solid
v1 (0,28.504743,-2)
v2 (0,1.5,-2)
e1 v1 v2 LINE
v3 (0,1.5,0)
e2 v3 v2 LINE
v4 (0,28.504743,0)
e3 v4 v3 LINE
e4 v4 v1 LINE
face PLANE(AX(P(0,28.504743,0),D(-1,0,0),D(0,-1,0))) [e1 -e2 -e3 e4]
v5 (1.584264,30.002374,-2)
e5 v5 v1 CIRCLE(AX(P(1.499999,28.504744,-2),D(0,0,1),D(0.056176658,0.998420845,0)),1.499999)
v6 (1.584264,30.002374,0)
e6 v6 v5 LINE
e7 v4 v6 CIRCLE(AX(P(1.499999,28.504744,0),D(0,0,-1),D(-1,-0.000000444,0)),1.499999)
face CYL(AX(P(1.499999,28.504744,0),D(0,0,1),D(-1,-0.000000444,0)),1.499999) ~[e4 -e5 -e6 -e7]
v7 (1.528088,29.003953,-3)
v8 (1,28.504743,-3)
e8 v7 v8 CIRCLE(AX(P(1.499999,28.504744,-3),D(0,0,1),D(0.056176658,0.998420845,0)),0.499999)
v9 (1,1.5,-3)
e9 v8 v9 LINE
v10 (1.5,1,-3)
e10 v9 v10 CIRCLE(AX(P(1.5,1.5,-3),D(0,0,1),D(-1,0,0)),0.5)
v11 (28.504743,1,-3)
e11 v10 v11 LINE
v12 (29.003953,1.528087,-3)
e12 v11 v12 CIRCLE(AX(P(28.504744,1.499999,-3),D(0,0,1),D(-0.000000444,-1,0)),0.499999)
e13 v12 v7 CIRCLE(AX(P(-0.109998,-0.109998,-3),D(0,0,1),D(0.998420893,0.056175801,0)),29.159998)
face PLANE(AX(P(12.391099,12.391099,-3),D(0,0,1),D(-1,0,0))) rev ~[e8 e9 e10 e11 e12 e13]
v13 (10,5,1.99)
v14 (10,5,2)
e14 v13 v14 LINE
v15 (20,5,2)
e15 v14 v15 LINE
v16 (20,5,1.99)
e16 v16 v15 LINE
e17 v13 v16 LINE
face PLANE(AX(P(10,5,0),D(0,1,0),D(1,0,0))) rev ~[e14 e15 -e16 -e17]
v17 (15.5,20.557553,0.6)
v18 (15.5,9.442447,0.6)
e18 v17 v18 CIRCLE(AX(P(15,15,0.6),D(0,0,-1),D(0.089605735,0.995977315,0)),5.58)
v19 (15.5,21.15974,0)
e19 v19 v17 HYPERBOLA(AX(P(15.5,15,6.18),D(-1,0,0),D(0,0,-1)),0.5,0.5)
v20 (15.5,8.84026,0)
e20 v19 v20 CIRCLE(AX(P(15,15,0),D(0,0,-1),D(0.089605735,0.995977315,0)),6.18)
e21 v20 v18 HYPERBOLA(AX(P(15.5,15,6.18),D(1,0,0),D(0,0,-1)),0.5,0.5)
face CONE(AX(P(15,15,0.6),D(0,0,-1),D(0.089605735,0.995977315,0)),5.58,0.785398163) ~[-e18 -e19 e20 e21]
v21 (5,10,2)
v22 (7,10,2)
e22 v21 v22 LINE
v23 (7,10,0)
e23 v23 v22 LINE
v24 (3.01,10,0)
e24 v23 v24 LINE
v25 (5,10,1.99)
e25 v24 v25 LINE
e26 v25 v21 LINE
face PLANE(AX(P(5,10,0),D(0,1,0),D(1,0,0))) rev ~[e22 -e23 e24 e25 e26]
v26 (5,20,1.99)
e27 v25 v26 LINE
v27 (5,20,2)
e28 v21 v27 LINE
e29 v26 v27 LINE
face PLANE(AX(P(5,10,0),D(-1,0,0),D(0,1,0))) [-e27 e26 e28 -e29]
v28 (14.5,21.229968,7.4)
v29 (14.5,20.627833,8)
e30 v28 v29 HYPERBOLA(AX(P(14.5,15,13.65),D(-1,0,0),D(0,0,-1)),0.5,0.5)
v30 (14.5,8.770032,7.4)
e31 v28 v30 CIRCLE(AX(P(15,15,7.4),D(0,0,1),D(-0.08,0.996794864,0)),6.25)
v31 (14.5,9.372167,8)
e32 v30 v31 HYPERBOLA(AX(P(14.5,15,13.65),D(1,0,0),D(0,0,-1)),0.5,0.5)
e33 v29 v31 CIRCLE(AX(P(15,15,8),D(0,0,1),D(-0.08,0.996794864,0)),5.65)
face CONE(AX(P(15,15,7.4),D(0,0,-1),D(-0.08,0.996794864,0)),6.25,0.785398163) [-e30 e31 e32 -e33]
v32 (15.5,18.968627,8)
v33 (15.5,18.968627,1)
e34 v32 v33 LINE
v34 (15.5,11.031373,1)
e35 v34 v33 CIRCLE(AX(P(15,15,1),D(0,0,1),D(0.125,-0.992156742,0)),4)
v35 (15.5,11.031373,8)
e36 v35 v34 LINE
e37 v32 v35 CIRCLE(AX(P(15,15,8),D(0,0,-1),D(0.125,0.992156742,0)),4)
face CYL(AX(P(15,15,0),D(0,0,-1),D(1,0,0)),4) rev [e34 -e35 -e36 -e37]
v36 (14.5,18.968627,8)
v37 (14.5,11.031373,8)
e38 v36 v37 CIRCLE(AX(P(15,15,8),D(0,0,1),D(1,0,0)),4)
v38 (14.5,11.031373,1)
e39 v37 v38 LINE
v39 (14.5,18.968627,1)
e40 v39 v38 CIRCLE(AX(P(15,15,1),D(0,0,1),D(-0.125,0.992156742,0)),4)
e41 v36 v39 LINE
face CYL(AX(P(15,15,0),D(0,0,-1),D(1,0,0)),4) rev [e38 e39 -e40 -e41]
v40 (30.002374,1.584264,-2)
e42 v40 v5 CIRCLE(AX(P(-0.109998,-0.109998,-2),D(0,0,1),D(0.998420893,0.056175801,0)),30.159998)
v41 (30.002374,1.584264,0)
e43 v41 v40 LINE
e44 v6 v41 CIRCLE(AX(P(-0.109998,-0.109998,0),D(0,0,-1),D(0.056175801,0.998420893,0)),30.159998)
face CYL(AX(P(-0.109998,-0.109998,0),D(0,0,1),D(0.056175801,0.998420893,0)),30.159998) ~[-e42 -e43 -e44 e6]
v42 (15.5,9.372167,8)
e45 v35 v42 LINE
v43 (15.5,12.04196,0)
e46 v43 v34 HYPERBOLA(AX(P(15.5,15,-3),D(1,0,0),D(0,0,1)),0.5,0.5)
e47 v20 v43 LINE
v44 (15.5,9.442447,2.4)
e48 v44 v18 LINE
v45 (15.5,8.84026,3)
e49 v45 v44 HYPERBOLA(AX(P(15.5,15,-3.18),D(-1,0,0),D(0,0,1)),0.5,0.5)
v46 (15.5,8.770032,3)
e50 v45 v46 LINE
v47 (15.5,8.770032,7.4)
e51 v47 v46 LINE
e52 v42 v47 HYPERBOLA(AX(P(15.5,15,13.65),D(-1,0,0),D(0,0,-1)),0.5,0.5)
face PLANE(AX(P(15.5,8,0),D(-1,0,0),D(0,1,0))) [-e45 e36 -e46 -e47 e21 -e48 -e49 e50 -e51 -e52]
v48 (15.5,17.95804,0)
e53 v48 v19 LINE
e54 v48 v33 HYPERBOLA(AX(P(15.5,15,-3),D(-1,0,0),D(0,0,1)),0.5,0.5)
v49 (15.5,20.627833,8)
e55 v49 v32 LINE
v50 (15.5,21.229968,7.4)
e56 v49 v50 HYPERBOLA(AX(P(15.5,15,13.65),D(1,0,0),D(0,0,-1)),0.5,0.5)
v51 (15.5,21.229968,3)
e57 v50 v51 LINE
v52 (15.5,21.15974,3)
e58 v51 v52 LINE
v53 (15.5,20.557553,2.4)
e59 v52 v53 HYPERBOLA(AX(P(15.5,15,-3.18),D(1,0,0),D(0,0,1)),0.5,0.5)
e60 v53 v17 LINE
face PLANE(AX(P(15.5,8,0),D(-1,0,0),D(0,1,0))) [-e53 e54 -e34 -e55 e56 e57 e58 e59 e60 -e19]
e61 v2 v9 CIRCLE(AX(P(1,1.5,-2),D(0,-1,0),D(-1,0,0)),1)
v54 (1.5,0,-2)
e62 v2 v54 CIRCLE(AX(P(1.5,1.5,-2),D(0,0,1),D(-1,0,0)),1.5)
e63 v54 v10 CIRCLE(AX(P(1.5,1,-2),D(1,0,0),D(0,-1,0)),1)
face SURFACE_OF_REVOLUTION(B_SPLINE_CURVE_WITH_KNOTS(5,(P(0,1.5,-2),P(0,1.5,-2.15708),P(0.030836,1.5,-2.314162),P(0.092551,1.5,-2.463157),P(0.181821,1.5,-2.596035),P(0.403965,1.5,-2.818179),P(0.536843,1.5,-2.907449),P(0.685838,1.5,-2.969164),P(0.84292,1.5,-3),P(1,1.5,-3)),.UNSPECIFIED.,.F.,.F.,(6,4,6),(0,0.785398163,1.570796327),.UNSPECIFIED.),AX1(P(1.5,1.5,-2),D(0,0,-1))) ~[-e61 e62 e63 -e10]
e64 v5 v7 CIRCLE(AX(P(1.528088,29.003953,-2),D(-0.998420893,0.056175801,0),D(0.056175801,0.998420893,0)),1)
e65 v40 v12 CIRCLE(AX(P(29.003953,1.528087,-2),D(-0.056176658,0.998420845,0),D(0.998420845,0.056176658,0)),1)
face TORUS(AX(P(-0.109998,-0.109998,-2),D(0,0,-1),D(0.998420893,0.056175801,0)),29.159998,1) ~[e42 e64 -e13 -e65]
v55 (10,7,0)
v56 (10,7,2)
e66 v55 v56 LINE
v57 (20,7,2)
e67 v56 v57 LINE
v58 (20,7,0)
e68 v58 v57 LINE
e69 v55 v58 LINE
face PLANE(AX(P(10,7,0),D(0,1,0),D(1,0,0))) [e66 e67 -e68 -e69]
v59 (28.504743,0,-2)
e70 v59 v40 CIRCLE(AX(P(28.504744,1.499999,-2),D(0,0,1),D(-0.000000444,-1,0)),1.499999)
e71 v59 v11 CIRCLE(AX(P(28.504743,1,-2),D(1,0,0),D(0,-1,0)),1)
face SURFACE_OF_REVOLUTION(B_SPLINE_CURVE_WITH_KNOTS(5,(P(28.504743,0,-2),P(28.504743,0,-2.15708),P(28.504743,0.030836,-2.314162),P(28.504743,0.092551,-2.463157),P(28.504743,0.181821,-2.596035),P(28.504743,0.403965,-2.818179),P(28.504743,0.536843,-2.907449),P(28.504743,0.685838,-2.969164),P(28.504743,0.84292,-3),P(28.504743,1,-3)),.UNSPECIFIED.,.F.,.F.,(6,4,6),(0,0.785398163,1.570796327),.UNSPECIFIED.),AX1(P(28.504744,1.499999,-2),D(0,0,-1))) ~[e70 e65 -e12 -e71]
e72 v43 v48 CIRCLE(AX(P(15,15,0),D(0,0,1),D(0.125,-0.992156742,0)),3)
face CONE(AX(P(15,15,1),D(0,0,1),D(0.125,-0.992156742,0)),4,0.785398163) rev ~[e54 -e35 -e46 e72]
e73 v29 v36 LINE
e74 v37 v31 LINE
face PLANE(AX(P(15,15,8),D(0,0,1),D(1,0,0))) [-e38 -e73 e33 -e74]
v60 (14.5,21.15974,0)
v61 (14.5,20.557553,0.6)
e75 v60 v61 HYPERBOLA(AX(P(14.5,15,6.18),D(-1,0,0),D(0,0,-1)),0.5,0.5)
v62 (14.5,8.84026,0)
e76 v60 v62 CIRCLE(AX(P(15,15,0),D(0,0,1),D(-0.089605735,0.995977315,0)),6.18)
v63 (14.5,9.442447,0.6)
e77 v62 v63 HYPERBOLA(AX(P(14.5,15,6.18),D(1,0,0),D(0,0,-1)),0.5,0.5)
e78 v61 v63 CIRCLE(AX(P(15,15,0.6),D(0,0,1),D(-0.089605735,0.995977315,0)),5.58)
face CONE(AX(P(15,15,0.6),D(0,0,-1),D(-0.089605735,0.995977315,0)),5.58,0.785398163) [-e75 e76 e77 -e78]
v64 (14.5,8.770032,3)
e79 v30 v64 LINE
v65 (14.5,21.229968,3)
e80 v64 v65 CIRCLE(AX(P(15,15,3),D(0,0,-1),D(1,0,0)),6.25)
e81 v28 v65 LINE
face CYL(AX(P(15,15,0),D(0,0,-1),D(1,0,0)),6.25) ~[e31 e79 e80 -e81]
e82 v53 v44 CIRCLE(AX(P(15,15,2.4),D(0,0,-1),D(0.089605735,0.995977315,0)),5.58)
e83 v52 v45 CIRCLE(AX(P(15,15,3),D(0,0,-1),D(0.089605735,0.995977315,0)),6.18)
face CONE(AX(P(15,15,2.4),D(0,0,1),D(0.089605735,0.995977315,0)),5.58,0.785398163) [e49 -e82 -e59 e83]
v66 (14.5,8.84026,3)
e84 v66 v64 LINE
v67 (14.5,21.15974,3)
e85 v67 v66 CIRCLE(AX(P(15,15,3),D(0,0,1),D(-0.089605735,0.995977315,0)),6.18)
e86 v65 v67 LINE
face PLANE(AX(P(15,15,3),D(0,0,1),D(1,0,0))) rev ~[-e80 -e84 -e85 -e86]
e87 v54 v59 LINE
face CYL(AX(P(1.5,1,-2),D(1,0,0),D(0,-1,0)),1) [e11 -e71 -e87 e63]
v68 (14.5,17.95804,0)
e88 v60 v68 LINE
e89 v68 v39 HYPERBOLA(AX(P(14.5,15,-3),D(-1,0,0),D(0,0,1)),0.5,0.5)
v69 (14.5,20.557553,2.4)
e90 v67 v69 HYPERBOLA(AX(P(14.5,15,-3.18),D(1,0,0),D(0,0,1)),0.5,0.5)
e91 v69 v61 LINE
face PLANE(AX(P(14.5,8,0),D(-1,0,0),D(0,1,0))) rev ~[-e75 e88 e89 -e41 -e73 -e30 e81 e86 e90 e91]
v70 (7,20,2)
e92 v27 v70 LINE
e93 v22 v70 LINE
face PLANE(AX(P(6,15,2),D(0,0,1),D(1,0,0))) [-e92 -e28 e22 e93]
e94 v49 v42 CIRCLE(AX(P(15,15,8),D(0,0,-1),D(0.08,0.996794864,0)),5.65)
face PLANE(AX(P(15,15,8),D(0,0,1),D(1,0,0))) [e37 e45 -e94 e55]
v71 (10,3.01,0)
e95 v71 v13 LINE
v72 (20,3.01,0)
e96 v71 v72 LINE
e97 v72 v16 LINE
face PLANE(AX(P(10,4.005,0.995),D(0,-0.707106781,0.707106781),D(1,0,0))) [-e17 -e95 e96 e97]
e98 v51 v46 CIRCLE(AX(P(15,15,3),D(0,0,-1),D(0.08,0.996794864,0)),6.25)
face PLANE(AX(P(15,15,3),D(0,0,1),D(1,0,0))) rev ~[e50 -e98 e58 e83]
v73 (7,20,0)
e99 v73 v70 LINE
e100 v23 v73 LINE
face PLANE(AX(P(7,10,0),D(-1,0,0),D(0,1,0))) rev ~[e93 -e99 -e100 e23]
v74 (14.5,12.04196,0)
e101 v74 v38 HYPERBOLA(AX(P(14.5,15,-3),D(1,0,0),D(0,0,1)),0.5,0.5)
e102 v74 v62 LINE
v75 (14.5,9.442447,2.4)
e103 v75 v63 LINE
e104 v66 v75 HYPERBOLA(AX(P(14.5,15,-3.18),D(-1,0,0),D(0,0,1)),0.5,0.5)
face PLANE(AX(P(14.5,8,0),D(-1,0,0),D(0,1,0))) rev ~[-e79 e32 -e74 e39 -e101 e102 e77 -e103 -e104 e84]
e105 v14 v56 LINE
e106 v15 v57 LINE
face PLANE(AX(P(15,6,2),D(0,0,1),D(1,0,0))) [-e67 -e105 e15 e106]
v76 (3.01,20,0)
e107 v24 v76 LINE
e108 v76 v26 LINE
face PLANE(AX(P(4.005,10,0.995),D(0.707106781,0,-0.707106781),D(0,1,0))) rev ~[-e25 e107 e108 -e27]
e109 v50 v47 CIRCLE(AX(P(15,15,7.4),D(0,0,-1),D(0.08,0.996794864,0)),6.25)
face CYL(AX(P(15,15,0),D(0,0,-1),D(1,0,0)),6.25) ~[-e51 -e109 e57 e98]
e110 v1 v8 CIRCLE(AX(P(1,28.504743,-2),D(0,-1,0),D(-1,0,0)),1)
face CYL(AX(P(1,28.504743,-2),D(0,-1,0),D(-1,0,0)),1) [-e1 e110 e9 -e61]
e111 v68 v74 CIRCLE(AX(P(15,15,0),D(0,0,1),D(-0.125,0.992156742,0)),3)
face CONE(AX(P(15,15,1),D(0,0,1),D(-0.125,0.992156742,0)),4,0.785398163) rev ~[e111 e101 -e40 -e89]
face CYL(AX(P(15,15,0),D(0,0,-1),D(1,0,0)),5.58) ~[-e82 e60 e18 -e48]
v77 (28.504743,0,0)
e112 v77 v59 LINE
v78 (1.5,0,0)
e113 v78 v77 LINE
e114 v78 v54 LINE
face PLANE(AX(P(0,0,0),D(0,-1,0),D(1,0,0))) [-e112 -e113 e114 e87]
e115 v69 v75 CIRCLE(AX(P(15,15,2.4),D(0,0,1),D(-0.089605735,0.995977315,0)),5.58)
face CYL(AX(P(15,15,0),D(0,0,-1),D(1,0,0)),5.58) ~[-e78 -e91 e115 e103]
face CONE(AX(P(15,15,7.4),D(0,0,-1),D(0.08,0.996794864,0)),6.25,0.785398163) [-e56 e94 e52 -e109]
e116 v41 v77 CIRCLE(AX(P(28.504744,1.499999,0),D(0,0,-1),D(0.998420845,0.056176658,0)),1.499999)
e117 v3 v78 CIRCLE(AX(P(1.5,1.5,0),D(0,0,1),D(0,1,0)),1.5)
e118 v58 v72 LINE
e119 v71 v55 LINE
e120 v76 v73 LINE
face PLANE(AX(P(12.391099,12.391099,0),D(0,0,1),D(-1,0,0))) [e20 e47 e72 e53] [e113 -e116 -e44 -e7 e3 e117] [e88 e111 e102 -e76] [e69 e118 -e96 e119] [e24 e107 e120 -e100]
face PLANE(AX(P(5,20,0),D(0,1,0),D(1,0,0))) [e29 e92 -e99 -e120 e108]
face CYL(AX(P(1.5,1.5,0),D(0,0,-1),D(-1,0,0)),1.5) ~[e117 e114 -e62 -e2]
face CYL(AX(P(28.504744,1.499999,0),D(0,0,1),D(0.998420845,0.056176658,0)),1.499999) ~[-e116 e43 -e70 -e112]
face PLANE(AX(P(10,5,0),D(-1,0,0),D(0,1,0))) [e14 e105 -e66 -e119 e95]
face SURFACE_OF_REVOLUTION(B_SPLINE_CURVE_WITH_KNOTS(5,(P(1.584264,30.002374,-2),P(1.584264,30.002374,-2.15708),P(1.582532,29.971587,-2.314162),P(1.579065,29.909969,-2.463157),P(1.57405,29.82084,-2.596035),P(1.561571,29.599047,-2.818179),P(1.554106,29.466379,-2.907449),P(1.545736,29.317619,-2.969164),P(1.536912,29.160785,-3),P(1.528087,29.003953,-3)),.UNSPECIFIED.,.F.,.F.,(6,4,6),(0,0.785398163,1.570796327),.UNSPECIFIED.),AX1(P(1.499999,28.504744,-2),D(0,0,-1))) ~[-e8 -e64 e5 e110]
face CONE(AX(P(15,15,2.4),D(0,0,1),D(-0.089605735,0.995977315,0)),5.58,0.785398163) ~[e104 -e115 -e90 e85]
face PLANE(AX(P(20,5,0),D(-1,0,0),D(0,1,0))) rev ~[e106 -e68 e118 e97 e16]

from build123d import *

# Parameters (mm, degrees)
SKETCH_R        = 6.25
SKETCH_R_2      = 4
PAD_DEPTH       = 8
PAD001_DEPTH    = 3
FILLET_R        = 1.5
FILLET001_R     = 1
SKETCH002_W     = 2
SKETCH002_H     = 10
SKETCH002_W_2   = 10
SKETCH002_H_2   = 2
PAD002_DEPTH    = 2
CHAMFER_SIZE    = 1.99
SKETCH003_R     = 6.26
SKETCH003_R_2   = 5.58
POCKET_DEPTH    = 3
SKETCH004_W     = 1
SKETCH004_H     = 14
POCKET001_DEPTH = 20
CHAMFER001_SIZE = 0.6
CHAMFER002_SIZE = 1


with BuildPart() as part:
    # Sketch → Pad (new body)
    with BuildSketch(Plane.XY):
        with Locations((15, 15)):
            Circle(SKETCH_R)
        with Locations((15, 15)):
            Circle(SKETCH_R_2, mode=Mode.SUBTRACT)
    extrude(amount=PAD_DEPTH)

    # Sketch001 (on Face3 of Pad) → Pad001 (join)
    with BuildSketch(Plane(origin=(0, 0, 0), x_dir=(1, 0, 0), z_dir=(0, 0, -1))):
        with BuildLine():
            Line((0, -28.504743), (0, 0))
            Line((0, 0), (28.504743, 0))
            ThreePointArc((30.002374, -1.584264), (29.594788, -0.469562), (28.504743, 0))
            ThreePointArc((1.584264, -30.002374), (21.216341, -21.216341), (30.002374, -1.584264))
            ThreePointArc((0, -28.504743), (0.469562, -29.594788), (1.584264, -30.002374))
        make_face()
    extrude(amount=PAD001_DEPTH)

    # Fillet
    fillet_edges = [part.edges().sort_by_distance(p)[0] for p in [
        (0, 0, -1.5),
    ]]
    fillet(fillet_edges, radius=FILLET_R)

    # Fillet001
    fillet001_edges = [part.edges().sort_by_distance(p)[0] for p in [
        (0, 15.002371, -3),
        (0.43934, 0.43934, -3),
        (0.469562, 29.594788, -3),
        (15.002371, 0, -3),
        (21.216341, 21.216341, -3),
        (29.594788, 0.469562, -3),
    ]]
    fillet(fillet001_edges, radius=FILLET001_R)

    # Sketch002 (on Face4 of Fillet001) → Pad002 (join)
    with BuildSketch(Plane.XY):
        with Locations((6, 15)):
            Rectangle(SKETCH002_W, SKETCH002_H)
        with Locations((15, 6)):
            Rectangle(SKETCH002_W_2, SKETCH002_H_2)
    extrude(amount=PAD002_DEPTH)

    # Chamfer
    chamfer_edges = [part.edges().sort_by_distance(p)[0] for p in [
        (15, 5, 0),
        (5, 15, 0),
    ]]
    chamfer(chamfer_edges, length=CHAMFER_SIZE)

    # Sketch003 → Pocket (cut)
    with BuildSketch(Plane.XY):
        with Locations((15, 15)):
            Circle(SKETCH003_R)
        with Locations((15, 15)):
            Circle(SKETCH003_R_2, mode=Mode.SUBTRACT)
    extrude(amount=POCKET_DEPTH, mode=Mode.SUBTRACT)

    # Sketch004 (on Face1 of Pocket) → Pocket001 (cut)
    with BuildSketch(Plane.XY):
        with Locations((15, 15)):
            Rectangle(SKETCH004_W, SKETCH004_H)
    extrude(amount=POCKET001_DEPTH, mode=Mode.SUBTRACT)

    # Chamfer001
    chamfer001_edges = [part.edges().sort_by_distance(p)[0] for p in [
        (19.118641, 11.235269, 0),
        (9.42, 15, 0),
        (9.42, 15, 3),
        (19.118641, 11.235269, 3),
        (8.75, 15, 8),
        (19.592793, 10.761044, 8),
    ]]
    chamfer(chamfer001_edges, length=CHAMFER001_SIZE)

    # Chamfer002
    chamfer002_edges = [part.edges().sort_by_distance(p)[0] for p in [
        (11, 15, 0),
        (18, 17.645751, 0),
    ]]
    chamfer(chamfer002_edges, length=CHAMFER002_SIZE)


solid = part.part
